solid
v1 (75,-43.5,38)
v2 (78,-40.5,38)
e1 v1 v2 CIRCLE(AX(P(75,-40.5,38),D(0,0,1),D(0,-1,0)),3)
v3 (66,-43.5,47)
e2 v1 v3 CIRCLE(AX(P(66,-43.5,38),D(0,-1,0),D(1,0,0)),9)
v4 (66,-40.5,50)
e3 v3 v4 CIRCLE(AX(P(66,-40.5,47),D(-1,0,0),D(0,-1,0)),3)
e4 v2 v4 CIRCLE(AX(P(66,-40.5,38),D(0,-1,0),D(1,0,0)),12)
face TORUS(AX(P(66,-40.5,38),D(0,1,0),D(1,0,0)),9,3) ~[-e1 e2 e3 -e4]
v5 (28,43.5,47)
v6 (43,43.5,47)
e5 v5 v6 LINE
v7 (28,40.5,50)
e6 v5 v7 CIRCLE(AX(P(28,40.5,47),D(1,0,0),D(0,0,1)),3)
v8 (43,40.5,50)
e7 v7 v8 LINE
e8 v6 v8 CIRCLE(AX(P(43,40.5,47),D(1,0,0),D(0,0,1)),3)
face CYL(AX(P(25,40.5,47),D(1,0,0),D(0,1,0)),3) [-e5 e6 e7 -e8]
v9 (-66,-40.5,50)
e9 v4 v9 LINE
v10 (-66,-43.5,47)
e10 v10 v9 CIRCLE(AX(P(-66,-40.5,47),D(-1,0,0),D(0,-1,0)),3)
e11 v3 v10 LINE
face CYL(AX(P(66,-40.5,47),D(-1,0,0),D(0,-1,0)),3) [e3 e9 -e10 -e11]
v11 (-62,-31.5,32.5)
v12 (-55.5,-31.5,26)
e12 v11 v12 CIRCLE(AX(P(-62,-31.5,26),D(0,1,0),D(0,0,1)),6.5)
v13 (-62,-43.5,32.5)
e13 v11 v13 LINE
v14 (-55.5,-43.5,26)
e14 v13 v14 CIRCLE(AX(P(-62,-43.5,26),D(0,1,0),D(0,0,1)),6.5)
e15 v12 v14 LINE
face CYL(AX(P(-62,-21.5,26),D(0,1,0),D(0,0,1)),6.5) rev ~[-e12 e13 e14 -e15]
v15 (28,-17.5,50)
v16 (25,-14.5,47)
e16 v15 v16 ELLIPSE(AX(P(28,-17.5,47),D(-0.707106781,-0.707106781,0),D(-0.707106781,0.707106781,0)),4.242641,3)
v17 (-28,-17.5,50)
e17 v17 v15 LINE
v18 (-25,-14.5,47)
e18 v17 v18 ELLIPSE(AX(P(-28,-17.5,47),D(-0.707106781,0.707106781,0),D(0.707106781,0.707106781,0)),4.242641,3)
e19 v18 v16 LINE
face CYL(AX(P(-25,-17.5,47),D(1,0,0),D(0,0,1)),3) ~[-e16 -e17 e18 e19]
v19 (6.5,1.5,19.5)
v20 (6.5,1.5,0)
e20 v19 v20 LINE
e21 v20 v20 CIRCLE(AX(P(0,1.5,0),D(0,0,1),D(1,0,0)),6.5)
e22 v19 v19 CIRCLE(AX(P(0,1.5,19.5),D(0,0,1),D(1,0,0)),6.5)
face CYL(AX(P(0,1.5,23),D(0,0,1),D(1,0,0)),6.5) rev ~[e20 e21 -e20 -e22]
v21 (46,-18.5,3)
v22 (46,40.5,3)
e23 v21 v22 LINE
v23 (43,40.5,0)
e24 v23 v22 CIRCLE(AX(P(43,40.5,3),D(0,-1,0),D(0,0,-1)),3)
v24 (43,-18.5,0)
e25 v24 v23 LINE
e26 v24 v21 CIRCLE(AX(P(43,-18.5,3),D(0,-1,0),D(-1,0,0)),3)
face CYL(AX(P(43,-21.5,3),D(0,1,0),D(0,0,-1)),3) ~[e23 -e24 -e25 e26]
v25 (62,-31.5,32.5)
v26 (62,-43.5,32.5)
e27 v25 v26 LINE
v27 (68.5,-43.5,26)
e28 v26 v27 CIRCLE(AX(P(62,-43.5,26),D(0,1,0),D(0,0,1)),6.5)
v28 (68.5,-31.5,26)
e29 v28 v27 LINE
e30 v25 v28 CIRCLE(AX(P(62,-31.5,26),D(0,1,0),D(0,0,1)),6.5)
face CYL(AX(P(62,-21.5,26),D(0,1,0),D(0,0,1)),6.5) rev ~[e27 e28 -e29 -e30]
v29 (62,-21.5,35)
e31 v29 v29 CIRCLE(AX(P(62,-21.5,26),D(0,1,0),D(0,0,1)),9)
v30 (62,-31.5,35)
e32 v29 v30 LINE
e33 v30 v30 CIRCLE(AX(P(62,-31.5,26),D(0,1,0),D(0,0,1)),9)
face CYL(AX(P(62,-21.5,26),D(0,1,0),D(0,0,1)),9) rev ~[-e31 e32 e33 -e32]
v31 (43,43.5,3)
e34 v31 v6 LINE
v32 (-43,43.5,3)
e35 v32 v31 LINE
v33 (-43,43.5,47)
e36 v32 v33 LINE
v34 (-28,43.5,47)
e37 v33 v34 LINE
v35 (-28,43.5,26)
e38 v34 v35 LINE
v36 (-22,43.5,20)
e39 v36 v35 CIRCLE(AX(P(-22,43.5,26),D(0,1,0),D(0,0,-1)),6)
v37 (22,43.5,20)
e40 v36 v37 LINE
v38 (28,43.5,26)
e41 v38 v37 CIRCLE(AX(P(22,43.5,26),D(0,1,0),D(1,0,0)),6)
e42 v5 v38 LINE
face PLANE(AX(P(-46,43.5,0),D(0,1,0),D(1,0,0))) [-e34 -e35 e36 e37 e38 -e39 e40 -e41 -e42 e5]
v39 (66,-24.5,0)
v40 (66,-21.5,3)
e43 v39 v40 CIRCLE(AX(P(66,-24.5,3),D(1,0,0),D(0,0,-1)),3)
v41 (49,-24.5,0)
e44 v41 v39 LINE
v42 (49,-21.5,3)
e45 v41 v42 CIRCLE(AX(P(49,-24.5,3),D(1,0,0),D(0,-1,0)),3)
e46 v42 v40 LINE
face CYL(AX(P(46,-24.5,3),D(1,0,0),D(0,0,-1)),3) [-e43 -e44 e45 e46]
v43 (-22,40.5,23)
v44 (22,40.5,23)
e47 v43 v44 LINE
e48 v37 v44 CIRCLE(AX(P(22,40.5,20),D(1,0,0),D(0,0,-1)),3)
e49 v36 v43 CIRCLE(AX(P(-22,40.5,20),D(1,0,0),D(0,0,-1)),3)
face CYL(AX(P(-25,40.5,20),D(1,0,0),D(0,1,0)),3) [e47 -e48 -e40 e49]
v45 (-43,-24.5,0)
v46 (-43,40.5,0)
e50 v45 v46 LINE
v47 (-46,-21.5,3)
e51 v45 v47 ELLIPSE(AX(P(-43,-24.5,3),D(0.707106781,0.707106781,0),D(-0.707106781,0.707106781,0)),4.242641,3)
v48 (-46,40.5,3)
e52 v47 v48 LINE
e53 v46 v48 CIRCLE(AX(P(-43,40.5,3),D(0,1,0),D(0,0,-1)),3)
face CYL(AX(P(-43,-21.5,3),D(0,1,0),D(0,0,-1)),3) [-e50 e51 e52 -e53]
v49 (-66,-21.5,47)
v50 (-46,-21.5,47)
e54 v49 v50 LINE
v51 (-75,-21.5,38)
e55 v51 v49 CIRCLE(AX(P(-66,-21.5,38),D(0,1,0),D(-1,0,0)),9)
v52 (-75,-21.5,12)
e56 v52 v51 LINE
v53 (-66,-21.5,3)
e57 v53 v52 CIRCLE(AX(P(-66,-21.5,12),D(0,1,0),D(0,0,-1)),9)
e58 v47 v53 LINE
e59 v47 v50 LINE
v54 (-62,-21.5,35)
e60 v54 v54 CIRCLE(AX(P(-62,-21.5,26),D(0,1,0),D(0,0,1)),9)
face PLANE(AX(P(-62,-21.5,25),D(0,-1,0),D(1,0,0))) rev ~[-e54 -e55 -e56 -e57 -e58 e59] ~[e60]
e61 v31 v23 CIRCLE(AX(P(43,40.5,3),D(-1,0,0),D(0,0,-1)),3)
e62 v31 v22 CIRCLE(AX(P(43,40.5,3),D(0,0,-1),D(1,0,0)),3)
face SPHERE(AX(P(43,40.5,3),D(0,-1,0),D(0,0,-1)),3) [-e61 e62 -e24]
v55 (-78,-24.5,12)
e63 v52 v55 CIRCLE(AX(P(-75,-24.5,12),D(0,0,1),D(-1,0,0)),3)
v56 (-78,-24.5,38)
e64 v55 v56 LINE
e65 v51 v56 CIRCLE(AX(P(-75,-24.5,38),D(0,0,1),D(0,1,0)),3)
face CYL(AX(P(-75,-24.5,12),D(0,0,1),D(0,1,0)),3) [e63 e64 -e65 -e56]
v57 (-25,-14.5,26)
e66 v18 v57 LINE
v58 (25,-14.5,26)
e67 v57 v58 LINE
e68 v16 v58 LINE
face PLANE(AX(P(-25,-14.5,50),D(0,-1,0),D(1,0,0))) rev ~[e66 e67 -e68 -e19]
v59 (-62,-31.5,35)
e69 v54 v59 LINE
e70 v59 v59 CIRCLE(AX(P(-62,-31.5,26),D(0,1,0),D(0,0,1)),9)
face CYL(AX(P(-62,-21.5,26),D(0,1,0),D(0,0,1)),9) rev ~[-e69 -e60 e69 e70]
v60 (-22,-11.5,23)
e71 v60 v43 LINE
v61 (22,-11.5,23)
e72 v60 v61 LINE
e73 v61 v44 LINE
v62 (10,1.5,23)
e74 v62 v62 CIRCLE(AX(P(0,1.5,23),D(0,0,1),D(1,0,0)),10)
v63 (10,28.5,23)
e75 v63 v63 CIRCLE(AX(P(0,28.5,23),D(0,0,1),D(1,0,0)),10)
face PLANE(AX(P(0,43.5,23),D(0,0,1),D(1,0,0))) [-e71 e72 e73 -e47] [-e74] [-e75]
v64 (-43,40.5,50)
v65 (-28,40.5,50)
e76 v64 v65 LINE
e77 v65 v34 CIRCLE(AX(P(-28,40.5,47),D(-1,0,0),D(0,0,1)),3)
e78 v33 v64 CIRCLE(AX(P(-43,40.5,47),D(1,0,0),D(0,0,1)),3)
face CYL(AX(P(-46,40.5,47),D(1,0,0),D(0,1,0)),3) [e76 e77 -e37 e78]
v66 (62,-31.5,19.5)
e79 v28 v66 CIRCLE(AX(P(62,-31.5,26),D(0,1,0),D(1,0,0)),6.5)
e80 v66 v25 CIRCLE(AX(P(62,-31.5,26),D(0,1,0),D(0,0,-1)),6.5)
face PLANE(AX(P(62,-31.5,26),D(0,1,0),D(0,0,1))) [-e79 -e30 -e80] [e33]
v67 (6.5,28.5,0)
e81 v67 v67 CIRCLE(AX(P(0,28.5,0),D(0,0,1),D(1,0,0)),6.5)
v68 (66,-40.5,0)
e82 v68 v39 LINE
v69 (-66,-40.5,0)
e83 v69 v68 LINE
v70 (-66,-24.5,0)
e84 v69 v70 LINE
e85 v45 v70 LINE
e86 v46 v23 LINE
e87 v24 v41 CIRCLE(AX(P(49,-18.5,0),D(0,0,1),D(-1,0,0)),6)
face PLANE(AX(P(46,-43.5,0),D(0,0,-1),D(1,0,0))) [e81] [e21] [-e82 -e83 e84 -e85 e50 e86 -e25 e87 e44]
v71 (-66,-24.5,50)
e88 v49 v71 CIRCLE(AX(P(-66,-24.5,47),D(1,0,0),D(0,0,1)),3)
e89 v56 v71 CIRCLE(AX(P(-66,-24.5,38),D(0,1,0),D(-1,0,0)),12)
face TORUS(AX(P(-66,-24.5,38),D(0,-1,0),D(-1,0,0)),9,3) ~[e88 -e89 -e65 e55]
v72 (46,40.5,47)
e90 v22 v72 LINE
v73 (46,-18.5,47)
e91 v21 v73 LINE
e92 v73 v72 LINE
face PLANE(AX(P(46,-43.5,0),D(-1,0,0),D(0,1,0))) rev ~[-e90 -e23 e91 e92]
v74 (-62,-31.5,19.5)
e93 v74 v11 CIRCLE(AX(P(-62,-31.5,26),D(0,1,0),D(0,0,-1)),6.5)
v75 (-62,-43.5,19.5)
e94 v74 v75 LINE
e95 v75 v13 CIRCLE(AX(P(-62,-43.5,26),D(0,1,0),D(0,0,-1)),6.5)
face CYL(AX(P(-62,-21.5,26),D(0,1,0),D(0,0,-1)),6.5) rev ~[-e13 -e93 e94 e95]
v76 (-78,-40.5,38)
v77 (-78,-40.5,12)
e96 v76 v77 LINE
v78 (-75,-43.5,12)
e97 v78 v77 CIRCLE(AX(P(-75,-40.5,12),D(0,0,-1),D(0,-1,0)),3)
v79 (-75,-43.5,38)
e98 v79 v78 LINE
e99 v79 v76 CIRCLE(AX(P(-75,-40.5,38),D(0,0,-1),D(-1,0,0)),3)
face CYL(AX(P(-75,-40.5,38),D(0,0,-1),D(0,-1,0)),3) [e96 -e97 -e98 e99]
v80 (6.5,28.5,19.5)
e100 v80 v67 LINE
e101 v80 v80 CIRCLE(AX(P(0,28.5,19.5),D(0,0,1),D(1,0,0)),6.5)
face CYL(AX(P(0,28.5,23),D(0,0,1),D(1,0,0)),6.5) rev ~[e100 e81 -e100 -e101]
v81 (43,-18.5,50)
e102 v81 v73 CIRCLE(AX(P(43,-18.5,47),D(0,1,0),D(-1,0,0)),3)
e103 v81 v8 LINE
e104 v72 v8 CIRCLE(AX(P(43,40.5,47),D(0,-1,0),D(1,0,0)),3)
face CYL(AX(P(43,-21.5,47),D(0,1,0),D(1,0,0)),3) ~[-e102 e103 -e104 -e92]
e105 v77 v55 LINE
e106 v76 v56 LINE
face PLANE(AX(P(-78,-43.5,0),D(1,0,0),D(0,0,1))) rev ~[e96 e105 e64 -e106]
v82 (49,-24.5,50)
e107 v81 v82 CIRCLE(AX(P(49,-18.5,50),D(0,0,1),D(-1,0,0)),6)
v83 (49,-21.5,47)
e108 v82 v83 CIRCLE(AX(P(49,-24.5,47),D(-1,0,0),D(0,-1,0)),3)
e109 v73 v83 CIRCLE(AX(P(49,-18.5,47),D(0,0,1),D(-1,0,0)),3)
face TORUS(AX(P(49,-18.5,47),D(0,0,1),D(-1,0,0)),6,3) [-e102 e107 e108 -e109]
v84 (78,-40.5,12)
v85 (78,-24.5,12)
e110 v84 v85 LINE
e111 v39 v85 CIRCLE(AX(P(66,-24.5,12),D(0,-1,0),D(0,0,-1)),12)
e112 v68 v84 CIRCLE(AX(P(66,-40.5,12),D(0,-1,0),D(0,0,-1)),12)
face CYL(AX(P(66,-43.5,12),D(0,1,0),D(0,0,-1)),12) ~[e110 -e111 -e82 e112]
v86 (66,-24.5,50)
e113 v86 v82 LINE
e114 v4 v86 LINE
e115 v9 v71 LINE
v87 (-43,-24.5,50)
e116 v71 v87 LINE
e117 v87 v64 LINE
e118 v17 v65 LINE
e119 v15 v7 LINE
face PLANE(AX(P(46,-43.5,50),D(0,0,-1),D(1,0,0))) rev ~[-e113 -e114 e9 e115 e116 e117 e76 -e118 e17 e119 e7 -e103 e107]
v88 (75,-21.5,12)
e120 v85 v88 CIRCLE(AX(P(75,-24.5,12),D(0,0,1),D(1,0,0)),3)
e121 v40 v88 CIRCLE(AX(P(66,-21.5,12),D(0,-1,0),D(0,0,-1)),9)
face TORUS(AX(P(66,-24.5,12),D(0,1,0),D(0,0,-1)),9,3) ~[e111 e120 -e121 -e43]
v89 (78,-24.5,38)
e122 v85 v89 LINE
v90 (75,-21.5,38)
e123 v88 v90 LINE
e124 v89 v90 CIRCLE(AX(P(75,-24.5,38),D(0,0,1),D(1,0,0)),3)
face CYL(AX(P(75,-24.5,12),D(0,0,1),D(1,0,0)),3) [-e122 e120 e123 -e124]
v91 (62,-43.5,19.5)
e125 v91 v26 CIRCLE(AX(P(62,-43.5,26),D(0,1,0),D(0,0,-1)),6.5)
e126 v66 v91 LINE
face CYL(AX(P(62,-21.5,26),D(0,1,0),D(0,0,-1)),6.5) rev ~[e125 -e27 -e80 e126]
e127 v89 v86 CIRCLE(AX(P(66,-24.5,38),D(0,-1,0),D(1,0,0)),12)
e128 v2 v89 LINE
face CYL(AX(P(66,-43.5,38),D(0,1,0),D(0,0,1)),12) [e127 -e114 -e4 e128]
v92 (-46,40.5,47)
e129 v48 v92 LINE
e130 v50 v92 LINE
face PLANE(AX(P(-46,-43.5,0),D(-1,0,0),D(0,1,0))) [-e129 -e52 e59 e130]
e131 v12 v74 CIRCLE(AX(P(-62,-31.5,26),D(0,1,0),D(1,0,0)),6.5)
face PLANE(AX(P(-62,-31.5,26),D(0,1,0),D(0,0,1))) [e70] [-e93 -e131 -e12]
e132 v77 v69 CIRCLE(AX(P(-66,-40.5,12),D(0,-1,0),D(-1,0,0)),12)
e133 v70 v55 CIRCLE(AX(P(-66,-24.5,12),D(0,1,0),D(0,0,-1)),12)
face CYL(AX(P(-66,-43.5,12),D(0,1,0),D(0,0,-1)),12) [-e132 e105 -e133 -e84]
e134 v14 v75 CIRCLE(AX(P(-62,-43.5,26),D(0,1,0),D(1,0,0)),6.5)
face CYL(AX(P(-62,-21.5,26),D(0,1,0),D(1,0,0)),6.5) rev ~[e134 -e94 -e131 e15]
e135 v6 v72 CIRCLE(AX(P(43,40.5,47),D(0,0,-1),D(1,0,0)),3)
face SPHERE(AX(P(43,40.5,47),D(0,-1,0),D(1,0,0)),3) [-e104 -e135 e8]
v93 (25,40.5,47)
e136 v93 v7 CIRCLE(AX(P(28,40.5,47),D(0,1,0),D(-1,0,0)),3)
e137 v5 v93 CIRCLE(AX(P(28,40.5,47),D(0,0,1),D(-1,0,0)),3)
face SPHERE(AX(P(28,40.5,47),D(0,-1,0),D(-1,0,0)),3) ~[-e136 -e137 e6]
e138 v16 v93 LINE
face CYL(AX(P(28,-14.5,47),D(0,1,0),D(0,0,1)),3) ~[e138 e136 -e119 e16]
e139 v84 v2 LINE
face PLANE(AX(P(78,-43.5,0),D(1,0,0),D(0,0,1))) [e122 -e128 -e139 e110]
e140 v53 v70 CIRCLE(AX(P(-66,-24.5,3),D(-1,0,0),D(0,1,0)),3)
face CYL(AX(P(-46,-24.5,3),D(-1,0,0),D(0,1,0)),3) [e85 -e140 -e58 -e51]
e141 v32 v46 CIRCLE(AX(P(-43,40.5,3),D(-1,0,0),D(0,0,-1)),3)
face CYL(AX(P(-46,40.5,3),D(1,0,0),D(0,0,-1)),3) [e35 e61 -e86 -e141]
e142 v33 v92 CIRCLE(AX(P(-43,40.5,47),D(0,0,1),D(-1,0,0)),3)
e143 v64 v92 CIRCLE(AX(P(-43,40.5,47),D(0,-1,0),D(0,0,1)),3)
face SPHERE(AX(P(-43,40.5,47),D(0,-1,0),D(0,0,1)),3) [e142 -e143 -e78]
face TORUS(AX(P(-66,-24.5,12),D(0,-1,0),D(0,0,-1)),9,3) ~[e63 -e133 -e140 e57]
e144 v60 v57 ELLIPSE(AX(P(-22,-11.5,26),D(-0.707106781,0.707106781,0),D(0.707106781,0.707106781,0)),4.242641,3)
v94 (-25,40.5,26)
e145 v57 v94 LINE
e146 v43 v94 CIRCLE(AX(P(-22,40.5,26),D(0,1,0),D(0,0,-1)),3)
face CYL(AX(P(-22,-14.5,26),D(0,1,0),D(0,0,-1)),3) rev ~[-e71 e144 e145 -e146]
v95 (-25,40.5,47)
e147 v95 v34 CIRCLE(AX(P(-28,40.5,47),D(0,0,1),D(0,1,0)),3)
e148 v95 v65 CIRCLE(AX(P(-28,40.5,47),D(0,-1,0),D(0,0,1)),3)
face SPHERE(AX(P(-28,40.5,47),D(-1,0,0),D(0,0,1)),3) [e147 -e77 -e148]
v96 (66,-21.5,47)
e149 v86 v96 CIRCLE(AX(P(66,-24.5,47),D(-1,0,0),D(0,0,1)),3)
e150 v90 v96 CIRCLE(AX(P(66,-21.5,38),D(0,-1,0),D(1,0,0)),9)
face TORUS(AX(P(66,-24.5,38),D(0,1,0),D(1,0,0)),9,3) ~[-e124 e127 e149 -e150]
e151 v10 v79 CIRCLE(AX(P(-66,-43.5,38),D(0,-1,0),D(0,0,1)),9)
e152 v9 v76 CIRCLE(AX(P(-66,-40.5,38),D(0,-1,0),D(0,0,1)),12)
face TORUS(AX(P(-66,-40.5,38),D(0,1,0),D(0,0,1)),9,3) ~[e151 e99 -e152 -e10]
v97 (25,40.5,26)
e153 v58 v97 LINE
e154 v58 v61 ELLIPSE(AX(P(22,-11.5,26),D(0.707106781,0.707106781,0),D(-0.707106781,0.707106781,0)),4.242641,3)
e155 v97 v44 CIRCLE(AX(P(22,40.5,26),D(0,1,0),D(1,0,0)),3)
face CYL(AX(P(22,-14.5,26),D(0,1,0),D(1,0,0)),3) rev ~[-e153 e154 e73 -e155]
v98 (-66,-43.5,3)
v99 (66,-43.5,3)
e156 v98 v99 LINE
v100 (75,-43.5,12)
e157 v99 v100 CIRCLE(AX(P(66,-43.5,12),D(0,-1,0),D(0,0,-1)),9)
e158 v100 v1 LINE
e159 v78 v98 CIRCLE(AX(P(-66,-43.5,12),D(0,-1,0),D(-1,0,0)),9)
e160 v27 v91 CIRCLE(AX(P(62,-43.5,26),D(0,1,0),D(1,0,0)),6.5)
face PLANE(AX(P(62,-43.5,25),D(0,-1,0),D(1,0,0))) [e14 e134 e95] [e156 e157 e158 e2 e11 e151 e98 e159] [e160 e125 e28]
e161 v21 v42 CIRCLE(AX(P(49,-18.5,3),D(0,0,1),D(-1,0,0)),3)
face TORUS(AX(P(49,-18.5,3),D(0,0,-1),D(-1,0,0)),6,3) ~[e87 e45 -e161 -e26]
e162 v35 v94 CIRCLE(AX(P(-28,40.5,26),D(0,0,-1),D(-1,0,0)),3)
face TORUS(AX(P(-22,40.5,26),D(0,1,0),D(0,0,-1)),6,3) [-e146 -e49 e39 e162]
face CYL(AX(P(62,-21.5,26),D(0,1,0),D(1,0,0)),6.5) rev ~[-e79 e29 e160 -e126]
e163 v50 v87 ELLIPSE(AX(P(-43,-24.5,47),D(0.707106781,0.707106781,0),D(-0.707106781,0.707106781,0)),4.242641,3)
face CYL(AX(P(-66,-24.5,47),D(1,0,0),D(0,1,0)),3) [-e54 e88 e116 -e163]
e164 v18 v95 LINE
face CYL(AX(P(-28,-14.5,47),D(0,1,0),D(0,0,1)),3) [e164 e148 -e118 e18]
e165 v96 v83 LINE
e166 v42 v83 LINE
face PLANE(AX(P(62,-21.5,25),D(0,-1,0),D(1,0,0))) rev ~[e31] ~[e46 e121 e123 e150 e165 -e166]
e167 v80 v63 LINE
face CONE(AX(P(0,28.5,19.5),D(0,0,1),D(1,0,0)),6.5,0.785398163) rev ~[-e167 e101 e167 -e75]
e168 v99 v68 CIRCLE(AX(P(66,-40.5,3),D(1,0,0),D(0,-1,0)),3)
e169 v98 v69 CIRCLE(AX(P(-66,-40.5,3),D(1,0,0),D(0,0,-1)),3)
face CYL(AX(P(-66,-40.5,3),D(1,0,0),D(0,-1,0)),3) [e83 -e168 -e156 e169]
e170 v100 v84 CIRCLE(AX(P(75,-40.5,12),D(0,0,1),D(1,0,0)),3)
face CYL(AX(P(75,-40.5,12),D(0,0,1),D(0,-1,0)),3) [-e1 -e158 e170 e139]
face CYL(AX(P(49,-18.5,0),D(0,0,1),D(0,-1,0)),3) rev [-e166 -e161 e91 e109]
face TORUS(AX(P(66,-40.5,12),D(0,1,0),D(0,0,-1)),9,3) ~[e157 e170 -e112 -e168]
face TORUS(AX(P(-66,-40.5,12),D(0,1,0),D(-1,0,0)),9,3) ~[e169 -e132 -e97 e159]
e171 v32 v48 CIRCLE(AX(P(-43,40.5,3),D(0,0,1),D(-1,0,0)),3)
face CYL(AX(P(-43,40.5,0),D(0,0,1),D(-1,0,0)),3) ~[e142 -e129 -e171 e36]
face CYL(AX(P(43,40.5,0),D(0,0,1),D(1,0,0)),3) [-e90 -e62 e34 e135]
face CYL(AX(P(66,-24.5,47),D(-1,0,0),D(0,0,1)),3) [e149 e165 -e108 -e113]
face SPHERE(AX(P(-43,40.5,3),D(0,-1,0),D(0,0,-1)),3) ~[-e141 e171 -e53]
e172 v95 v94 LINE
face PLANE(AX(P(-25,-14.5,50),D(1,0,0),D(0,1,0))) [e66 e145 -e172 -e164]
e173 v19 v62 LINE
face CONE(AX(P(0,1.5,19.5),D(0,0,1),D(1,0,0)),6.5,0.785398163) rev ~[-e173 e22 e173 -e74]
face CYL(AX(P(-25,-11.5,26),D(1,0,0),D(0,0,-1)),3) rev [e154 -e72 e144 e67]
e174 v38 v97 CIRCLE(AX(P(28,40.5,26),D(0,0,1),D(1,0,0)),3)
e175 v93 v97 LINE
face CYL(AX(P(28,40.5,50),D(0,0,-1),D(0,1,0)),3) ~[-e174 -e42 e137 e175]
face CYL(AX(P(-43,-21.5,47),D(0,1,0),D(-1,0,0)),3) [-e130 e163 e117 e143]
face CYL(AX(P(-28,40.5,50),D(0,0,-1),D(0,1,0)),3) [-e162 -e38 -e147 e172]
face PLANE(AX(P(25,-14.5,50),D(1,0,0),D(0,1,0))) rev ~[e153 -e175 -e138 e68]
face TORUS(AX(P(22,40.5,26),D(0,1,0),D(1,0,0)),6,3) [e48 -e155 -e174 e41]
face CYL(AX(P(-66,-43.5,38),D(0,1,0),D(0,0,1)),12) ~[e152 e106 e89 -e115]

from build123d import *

# Parameters (mm, degrees)
SKETCH2_W           = 92
SKETCH2_H           = 87
BOSS_EXTRUDE1_DEPTH = 50
SKETCH4_W           = 50
SKETCH4_H           = 116
CUT_EXTRUDE1_DEPTH  = 27
SKETCH5_W           = 32
SKETCH5_H           = 50
BOSS_EXTRUDE2_DEPTH = 22
FILLET1_R           = 12
FILLET2_R           = 3
SKETCH7_R           = 6.5
CUT_EXTRUDE2_DEPTH  = 70
CHAMFER2_SIZE       = 3.5
CUT_EXTRUDE3_DEPTH  = 57
SKETCH10_R          = 9
CUT_EXTRUDE4_DEPTH  = 10


with BuildPart() as part:
    # Sketch2 → Boss-Extrude1 (new body)
    with BuildSketch(Plane.XY):
        Rectangle(SKETCH2_W, SKETCH2_H)
    extrude(amount=BOSS_EXTRUDE1_DEPTH)

    # Sketch4 → Cut-Extrude1 (cut)
    with BuildSketch(Plane.XY.offset(50)):
        with Locations((0, 43.5)):
            Rectangle(SKETCH4_W, SKETCH4_H)
    extrude(amount=-CUT_EXTRUDE1_DEPTH, mode=Mode.SUBTRACT)

    # Sketch5 → Boss-Extrude2 (add)
    with BuildSketch(Plane.XZ.offset(43.5)):
        with Locations((62, 25)):
            Rectangle(SKETCH5_W, SKETCH5_H)
        with Locations((-62, 25)):
            Rectangle(SKETCH5_W, SKETCH5_H)
    extrude(amount=-BOSS_EXTRUDE2_DEPTH)

    # Fillet1
    fillet1_edges = [part.edges().sort_by_distance(p)[0] for p in [
        (78, -32.5, 0),
        (78, -32.5, 50),
        (-78, -32.5, 50),
        (-78, -32.5, 0),
    ]]
    fillet(fillet1_edges, radius=FILLET1_R)

    # Fillet2
    fillet2_edges = [part.edges().sort_by_distance(p)[0] for p in [
        (-46, 11, 50),
        (-35.5, 43.5, 50),
        (25, 14.5, 50),
        (-25, 14.5, 50),
        (0, 43.5, 23),
        (25, 14.5, 23),
        (0, -14.5, 50),
        (-25, 43.5, 36.5),
        (-25, 14.5, 23),
        (0, -14.5, 23),
        (25, 43.5, 36.5),
        (46, 11, 0),
        (46, 11, 50),
        (56, -21.5, 0),
        (46, -21.5, 25),
        (56, -21.5, 50),
        (-46, 11, 0),
        (0, 43.5, 0),
        (-56, -21.5, 50),
        (0, -43.5, 50),
        (0, -43.5, 0),
        (78, -43.5, 25),
        (-78, -43.5, 25),
        (74.485281374, -43.5, 46.485281374),
        (74.485281374, -43.5, 3.514718626),
        (-74.485281374, -43.5, 3.514718626),
        (-74.485281374, -43.5, 46.485281374),
        (-78, -21.5, 25),
        (-56, -21.5, 0),
        (-74.485281374, -21.5, 3.514718626),
        (-74.485281374, -21.5, 46.485281374),
        (78, -21.5, 25),
        (74.485281374, -21.5, 46.485281374),
        (74.485281374, -21.5, 3.514718626),
        (-46, 43.5, 25),
        (46, 43.5, 25),
        (35.5, 43.5, 50),
    ]]
    fillet(fillet2_edges, radius=FILLET2_R)

    # Sketch7 → Cut-Extrude2 (cut)
    with BuildSketch(Plane.XY.offset(23)):
        with Locations((0, 28.5)):
            Circle(SKETCH7_R)
        with Locations((0, 1.5)):
            Circle(SKETCH7_R)
    extrude(amount=-CUT_EXTRUDE2_DEPTH, mode=Mode.SUBTRACT)

    # Chamfer2
    chamfer2_edges = [part.edges().sort_by_distance(p)[0] for p in [
        (-6.5, 28.5, 23),
        (-6.5, 1.5, 23),
    ]]
    chamfer(chamfer2_edges, length=CHAMFER2_SIZE)

    # Sketch9 → Cut-Extrude3 (cut)
    with BuildSketch(Plane(origin=(0, -21.5, 0), x_dir=(1, 0, 0), z_dir=(0, 1, 0))):
        with BuildLine():
            ThreePointArc((-62, -19.5), (-68.5, -26), (-62, -32.5))
            Line((-62, -32.5), (-62, -19.5))
        make_face()
        with BuildLine():
            Line((-62, -19.5), (-62, -32.5))
            ThreePointArc((-62, -32.5), (-57.403805922, -30.596194078), (-55.5, -26))
            ThreePointArc((-55.5, -26), (-57.403805922, -21.403805922), (-62, -19.5))
        make_face()
        with BuildLine():
            ThreePointArc((62, -19.5), (55.5, -26), (62, -32.5))
            Line((62, -32.5), (62, -19.5))
        make_face()
        with BuildLine():
            Line((62, -19.5), (62, -32.5))
            ThreePointArc((62, -32.5), (66.596194078, -30.596194078), (68.5, -26))
            ThreePointArc((68.5, -26), (66.596194078, -21.403805922), (62, -19.5))
        make_face()
    extrude(amount=-CUT_EXTRUDE3_DEPTH, mode=Mode.SUBTRACT)

    # Sketch10 → Cut-Extrude4 (cut)
    with BuildSketch(Plane(origin=(0, -21.5, 0), x_dir=(1, 0, 0), z_dir=(0, 1, 0))):
        with Locations(Location((-62, -26, 0), (0, 0, 270))):
            Circle(SKETCH10_R)
        with Locations(Location((62, -26, 0), (0, 0, 270))):
            Circle(SKETCH10_R)
    extrude(amount=-CUT_EXTRUDE4_DEPTH, mode=Mode.SUBTRACT)


solid = part.part
